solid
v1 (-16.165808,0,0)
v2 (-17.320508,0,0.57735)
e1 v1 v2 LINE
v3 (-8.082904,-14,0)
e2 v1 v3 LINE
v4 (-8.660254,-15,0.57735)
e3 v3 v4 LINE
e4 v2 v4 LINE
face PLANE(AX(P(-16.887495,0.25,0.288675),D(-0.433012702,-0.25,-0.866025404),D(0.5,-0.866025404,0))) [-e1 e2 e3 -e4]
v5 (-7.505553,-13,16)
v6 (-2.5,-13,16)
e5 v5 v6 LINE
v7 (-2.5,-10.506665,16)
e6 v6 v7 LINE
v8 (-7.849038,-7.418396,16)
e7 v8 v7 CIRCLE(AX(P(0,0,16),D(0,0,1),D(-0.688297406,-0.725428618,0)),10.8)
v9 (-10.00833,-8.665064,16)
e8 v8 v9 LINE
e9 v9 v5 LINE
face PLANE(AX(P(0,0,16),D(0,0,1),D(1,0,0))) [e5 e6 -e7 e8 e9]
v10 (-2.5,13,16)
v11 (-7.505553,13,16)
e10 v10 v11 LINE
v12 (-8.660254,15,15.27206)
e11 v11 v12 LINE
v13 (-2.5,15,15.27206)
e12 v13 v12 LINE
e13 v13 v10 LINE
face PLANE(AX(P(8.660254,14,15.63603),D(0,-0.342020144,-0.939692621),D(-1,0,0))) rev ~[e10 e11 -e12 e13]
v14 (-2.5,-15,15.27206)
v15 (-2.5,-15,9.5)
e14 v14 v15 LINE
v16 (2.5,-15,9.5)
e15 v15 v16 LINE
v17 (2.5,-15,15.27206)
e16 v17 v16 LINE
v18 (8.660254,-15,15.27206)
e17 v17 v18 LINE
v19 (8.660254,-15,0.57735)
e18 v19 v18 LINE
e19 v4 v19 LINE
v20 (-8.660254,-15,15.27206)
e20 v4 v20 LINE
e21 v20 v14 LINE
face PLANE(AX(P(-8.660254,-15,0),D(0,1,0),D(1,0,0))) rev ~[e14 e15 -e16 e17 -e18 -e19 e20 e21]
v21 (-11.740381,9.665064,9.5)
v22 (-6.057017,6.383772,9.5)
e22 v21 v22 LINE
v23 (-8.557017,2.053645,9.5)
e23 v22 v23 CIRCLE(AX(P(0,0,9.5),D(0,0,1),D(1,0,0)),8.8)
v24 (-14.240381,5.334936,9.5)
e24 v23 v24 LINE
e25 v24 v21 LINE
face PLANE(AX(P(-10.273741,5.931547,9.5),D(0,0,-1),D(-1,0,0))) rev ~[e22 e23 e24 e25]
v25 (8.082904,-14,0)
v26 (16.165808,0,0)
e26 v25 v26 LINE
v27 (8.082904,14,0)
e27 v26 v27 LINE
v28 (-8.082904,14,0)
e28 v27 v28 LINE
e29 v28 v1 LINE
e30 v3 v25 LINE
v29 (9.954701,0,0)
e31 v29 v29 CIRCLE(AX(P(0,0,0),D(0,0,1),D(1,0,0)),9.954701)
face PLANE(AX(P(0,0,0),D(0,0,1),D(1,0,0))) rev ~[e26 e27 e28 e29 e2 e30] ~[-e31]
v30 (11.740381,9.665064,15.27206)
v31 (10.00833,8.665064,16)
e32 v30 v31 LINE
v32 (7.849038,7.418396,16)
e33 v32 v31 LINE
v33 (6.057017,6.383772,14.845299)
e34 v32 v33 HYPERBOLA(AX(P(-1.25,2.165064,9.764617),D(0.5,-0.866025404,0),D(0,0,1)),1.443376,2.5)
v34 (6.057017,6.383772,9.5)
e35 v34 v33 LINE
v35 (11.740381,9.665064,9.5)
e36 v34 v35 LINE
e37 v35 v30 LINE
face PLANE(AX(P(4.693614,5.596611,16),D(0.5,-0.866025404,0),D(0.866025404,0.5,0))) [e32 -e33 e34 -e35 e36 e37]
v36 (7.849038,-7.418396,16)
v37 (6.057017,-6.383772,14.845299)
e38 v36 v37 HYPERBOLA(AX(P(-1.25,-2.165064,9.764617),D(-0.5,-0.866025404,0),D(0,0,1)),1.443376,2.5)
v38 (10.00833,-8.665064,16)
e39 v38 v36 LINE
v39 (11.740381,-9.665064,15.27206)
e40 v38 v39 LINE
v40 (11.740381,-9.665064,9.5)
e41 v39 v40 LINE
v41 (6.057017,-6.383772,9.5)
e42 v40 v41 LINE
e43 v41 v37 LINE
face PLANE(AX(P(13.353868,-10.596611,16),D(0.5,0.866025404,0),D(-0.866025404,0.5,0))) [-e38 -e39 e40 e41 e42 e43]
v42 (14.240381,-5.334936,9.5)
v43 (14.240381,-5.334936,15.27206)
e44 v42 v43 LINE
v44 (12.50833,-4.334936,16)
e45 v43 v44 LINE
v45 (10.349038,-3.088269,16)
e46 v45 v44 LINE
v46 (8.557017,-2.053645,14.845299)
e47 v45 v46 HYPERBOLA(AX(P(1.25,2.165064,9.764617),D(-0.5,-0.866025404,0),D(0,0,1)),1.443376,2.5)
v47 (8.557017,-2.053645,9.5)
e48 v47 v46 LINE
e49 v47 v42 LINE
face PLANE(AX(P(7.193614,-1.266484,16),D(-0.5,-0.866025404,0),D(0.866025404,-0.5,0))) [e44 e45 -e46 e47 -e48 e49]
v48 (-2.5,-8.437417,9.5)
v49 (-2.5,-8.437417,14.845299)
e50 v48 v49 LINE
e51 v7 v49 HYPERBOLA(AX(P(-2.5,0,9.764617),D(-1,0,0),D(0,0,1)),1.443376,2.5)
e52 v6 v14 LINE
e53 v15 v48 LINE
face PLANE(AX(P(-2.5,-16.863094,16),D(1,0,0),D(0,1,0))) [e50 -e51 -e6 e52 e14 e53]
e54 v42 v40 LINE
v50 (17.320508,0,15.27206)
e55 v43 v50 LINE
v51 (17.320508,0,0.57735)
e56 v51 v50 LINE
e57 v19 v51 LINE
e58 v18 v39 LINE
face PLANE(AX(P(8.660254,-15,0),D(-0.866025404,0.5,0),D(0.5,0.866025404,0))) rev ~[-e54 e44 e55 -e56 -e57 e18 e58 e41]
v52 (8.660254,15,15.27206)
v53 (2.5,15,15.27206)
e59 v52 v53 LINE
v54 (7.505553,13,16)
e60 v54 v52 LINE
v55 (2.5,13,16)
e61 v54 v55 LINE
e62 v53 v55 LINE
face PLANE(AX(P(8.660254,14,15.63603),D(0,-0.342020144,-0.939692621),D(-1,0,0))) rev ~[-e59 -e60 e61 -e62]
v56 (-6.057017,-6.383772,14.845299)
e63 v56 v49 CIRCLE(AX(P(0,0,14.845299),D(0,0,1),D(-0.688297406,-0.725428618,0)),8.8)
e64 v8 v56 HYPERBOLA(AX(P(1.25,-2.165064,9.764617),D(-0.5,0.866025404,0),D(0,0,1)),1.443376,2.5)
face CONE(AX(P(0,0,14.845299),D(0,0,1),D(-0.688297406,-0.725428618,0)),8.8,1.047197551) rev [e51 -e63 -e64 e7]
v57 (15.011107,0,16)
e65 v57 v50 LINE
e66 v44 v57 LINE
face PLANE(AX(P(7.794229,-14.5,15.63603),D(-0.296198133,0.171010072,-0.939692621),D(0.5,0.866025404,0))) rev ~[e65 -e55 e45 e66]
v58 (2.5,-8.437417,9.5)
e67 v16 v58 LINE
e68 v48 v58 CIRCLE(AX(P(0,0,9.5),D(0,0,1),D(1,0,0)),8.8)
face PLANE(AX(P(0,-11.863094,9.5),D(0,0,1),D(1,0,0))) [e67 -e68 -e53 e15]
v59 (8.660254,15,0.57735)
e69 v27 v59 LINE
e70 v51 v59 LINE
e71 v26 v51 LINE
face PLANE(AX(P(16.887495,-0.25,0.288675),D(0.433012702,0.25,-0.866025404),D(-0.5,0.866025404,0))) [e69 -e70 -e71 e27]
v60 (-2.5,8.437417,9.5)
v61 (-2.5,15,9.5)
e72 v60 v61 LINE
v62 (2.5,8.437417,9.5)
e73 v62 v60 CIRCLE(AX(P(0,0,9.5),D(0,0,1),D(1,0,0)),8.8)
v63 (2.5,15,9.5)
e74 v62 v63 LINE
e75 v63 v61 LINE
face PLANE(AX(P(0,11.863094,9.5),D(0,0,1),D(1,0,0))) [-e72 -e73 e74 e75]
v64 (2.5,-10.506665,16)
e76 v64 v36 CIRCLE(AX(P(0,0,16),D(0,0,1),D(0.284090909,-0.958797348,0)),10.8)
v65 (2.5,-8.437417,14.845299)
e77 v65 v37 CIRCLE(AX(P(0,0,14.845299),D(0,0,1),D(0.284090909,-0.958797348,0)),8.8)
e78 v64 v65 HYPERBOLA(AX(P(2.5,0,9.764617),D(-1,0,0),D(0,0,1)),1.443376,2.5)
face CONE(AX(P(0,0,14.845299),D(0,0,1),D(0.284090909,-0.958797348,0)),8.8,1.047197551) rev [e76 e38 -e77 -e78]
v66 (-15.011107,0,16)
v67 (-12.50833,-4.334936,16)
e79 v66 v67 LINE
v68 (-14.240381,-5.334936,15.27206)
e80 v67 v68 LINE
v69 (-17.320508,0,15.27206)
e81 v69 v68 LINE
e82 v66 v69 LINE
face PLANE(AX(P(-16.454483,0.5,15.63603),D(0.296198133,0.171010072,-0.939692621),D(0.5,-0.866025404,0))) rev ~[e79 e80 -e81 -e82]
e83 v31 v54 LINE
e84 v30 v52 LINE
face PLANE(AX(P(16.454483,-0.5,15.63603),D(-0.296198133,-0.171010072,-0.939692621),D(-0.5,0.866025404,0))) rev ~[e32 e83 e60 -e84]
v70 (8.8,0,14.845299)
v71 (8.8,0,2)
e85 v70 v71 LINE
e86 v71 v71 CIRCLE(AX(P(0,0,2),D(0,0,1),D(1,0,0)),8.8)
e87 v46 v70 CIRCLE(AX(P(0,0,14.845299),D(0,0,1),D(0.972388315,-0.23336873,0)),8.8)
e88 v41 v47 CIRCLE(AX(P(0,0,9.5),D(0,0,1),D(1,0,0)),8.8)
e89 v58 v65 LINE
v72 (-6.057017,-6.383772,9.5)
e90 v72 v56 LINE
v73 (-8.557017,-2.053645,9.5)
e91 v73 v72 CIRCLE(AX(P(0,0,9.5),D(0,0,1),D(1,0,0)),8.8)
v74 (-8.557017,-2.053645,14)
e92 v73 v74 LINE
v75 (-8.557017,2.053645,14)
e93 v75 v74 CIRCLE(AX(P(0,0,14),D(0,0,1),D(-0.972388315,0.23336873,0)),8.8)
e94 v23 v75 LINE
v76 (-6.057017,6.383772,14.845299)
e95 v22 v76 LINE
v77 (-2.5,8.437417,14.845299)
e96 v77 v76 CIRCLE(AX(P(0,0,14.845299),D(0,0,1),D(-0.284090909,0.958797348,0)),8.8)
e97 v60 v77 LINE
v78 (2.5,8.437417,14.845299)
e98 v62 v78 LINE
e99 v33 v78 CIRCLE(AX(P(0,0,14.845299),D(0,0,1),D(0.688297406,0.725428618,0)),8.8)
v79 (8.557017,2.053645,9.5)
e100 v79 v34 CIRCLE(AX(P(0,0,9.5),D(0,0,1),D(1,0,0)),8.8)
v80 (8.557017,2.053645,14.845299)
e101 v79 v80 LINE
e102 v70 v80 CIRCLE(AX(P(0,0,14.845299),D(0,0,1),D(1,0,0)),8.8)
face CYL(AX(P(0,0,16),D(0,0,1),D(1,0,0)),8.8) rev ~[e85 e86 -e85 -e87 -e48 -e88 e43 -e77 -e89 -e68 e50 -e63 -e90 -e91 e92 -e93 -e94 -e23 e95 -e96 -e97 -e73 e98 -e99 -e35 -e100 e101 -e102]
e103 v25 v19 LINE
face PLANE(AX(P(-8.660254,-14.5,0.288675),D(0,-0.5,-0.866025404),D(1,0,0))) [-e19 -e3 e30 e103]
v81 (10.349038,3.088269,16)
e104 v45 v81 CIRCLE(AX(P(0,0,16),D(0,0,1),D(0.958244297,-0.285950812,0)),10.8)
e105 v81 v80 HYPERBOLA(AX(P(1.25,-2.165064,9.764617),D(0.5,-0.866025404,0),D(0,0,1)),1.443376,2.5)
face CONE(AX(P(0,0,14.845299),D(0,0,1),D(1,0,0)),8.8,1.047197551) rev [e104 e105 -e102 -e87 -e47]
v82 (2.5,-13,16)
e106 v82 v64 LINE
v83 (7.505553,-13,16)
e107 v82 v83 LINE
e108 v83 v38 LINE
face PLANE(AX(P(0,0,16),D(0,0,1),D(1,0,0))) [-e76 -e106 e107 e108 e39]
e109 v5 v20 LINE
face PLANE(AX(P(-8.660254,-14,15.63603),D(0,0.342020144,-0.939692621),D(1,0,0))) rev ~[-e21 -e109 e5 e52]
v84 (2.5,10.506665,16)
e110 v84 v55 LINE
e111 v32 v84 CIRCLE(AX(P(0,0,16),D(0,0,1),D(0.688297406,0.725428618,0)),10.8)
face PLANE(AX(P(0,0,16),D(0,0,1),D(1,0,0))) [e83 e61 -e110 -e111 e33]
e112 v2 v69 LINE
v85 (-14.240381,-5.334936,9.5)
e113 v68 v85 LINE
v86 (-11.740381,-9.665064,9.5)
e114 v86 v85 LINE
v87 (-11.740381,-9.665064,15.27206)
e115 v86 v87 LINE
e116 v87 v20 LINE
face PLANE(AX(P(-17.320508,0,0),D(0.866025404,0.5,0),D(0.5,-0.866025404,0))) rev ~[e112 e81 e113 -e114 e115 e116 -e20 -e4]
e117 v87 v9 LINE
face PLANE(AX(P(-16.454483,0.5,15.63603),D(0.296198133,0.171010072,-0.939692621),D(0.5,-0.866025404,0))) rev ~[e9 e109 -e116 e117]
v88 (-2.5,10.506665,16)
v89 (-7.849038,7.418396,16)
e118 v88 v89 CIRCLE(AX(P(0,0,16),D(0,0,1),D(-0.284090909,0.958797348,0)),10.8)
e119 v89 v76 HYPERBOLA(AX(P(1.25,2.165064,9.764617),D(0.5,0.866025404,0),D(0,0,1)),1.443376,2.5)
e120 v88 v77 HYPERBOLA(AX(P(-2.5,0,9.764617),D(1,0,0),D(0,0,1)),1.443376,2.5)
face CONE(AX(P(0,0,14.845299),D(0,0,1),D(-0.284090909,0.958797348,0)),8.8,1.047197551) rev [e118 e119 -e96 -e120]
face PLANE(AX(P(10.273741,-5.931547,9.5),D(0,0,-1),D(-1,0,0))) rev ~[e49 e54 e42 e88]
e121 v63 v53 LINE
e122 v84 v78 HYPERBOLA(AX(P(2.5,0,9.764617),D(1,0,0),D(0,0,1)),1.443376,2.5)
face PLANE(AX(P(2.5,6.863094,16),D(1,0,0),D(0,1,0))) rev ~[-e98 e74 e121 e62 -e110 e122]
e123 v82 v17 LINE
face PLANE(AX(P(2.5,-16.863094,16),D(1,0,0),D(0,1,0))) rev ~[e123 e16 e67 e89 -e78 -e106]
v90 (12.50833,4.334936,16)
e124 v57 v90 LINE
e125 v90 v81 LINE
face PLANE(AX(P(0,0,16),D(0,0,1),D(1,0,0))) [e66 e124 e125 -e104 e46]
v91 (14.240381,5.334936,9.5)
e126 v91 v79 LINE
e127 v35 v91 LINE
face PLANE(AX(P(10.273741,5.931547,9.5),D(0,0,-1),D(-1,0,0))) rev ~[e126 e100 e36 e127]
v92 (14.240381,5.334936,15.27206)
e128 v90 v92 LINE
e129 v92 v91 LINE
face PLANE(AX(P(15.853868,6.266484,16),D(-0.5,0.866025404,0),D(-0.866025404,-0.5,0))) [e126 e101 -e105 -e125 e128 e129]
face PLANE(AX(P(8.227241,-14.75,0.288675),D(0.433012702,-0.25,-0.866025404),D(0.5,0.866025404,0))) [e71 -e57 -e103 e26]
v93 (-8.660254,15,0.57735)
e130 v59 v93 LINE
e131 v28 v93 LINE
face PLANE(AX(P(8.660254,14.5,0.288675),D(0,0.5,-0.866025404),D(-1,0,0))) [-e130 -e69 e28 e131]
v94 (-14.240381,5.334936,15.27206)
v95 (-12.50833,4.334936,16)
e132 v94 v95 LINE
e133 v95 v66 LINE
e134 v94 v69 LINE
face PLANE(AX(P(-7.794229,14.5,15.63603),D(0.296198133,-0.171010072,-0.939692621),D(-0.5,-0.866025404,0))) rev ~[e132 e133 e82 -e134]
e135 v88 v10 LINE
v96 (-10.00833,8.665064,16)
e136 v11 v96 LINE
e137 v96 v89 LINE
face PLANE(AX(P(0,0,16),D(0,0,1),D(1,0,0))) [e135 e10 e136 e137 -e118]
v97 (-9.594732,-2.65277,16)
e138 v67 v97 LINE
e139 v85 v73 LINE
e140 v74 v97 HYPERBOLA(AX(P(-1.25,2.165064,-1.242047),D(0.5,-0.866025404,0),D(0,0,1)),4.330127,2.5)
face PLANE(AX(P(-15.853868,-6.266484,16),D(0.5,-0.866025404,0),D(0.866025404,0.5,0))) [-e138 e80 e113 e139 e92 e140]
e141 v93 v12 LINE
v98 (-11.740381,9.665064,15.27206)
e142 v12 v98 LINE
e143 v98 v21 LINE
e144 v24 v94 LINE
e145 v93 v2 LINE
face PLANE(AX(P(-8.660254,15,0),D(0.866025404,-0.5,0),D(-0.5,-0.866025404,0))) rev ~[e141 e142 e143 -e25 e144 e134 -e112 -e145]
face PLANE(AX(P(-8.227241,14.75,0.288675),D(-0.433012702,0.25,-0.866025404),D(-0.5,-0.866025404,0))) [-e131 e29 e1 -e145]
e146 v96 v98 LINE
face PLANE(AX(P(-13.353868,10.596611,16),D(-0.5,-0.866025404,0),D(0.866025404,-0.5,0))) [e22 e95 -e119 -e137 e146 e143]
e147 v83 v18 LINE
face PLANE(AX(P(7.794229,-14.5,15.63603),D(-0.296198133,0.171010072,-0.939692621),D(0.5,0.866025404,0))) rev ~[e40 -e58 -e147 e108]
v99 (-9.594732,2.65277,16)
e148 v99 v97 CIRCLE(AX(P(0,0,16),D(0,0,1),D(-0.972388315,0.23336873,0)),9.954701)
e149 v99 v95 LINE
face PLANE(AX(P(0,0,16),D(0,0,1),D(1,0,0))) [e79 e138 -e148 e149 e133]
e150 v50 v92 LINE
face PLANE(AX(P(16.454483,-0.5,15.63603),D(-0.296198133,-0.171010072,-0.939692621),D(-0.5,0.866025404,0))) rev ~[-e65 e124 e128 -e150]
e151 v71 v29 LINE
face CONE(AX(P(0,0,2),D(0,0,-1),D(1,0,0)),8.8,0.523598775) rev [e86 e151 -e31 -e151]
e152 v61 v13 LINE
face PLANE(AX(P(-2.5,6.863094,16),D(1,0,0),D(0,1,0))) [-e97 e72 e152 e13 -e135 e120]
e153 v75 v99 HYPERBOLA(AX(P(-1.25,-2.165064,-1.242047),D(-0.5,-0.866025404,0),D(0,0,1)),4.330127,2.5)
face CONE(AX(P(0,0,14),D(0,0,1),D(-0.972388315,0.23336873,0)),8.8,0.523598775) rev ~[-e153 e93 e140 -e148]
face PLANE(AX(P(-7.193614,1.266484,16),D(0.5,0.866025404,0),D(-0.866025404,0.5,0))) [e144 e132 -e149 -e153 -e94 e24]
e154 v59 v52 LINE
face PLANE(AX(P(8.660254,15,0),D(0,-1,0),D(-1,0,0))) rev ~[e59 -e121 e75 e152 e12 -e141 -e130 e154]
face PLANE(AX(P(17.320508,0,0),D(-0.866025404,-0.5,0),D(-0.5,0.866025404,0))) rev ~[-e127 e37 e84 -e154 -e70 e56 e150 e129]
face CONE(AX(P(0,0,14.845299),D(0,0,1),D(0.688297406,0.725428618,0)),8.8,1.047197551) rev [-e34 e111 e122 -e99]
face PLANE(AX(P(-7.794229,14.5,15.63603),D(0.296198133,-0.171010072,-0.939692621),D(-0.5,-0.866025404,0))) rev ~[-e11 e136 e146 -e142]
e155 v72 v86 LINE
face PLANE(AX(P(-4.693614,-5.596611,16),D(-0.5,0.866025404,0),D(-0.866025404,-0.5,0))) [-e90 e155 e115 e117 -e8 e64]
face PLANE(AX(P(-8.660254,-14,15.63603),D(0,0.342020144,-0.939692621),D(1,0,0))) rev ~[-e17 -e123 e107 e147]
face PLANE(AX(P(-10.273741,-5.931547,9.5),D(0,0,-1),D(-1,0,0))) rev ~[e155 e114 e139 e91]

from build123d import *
from OCP.BRepFilletAPI import BRepFilletAPI_MakeChamfer

# Parameters (mm, degrees)
RESSALTO_EXTRUS_O1_DEPTH = 16
CHANFRO1_SIZE            = 2
CHANFRO1_SIZE2           = 0.727940469
ESBO_O2_R                = 8.8
CORTE_EXTRUS_O1_DEPTH    = 16
ESBO_O3_W                = 5
ESBO_O3_H                = 10
CORTE_EXTRUS_O2_DEPTH    = 6.5
CHANFRO2_SIZE            = 2
CHANFRO2_SIZE2           = 1.154700538
CHANFRO3_SIZE            = 2
CHANFRO3_SIZE2           = 1.154700538
CHANFRO5_SIZE            = 1
CHANFRO5_SIZE2           = 0.577350269


with BuildPart() as part:
    # Esboço1 → Ressalto-extrusão1 (new body)
    with BuildSketch(Plane.XY):
        Polygon((17.320508076, 0), (8.660254038, 15), (-8.660254038, 15), (-17.320508076, 0), (-8.660254038, -15), (8.660254038, -15), align=None)
    extrude(amount=RESSALTO_EXTRUS_O1_DEPTH)

    # Chanfro1
    chanfro1_edges = [part.edges().sort_by_distance(p)[0] for p in [
        (0, 15, 16),
        (-12.990381057, 7.5, 16),
        (-12.990381057, -7.5, 16),
        (0, -15, 16),
        (12.990381057, -7.5, 16),
        (12.990381057, 7.5, 16),
    ]]
    chanfro1_side = [part.faces().sort_by_distance(p)[0] for p in [
        (0, 0, 16),
    ]]
    chamfer(chanfro1_edges, length=CHANFRO1_SIZE, length2=CHANFRO1_SIZE2, reference=chanfro1_side[0])

    # Esboço2 → Corte-extrusão1 (cut)
    with BuildSketch(Plane.XY.offset(16)):
        Circle(ESBO_O2_R)
    extrude(amount=-CORTE_EXTRUS_O1_DEPTH, mode=Mode.SUBTRACT)

    # Esboço3 → Corte-extrusão2 (cut)
    with BuildSketch(Plane.XY.offset(16)):
        Polygon((13.353868008, 10.596610635), (15.853868008, 6.266483616), (7.19361397, 1.266483616), (4.69361397, 5.596610635), align=None)
        with Locations((0, 11.863094251)):
            Rectangle(ESBO_O3_W, ESBO_O3_H)
        Polygon((15.853868008, -6.266483616), (13.353868008, -10.596610635), (4.69361397, -5.596610635), (7.19361397, -1.266483616), align=None)
        with Locations((0, -11.863094251)):
            Rectangle(ESBO_O3_W, ESBO_O3_H)
        Polygon((-13.353868008, -10.596610635), (-15.853868008, -6.266483616), (-7.19361397, -1.266483616), (-4.69361397, -5.596610635), align=None)
        Polygon((-15.853868008, 6.266483616), (-13.353868008, 10.596610635), (-4.69361397, 5.596610635), (-7.19361397, 1.266483616), align=None)
    extrude(amount=-CORTE_EXTRUS_O2_DEPTH, mode=Mode.SUBTRACT)

    # Chanfro2: one chamfer whose edges measure the first distance from different faces: ONE call of the kernel's chamfer builder (chamfer() names one face for all edges)
    chanfro2_edges_1 = [part.edges().sort_by_distance(p)[0] for p in [
        (4.4, -7.621023553, 16),
    ]]
    chanfro2_side_1 = [part.faces().sort_by_distance(p)[0] for p in [
        (5.798091402, -10.042588894, 16),
    ]]
    chanfro2_edges_2 = [part.edges().sort_by_distance(p)[0] for p in [
        (-4.4, -7.621023553, 16),
    ]]
    chanfro2_side_2 = [part.faces().sort_by_distance(p)[0] for p in [
        (-5.798091402, -10.042588894, 16),
    ]]
    chanfro2_edges_3 = [part.edges().sort_by_distance(p)[0] for p in [
        (-8.8, 0, 16),
    ]]
    chanfro2_side_3 = [part.faces().sort_by_distance(p)[0] for p in [
        (-8.8, 0, 8),
    ]]
    chanfro2_edges_4 = [part.edges().sort_by_distance(p)[0] for p in [
        (-4.4, 7.621023553, 16),
    ]]
    chanfro2_side_4 = [part.faces().sort_by_distance(p)[0] for p in [
        (-5.798091402, 10.042588894, 16),
    ]]
    chanfro2_edges_5 = [part.edges().sort_by_distance(p)[0] for p in [
        (4.4, 7.621023553, 16),
    ]]
    chanfro2_side_5 = [part.faces().sort_by_distance(p)[0] for p in [
        (5.798091402, 10.042588894, 16),
    ]]
    chanfro2_edges_6 = [part.edges().sort_by_distance(p)[0] for p in [
        (8.739043173, 1.033984733, 16),
    ]]
    chanfro2_side_6 = [part.faces().sort_by_distance(p)[0] for p in [
        (11.596182803, 0, 16),
    ]]
    chanfro2 = BRepFilletAPI_MakeChamfer(part.part.solid().wrapped)
    for e in chanfro2_edges_1:
        chanfro2.Add(CHANFRO2_SIZE, CHANFRO2_SIZE2, e.wrapped, chanfro2_side_1[0].wrapped)  # the first distance lies on this face
    for e in chanfro2_edges_2:
        chanfro2.Add(CHANFRO2_SIZE, CHANFRO2_SIZE2, e.wrapped, chanfro2_side_2[0].wrapped)  # the first distance lies on this face
    for e in chanfro2_edges_3:
        chanfro2.Add(CHANFRO2_SIZE, CHANFRO2_SIZE2, e.wrapped, chanfro2_side_3[0].wrapped)  # the first distance lies on this face
    for e in chanfro2_edges_4:
        chanfro2.Add(CHANFRO2_SIZE, CHANFRO2_SIZE2, e.wrapped, chanfro2_side_4[0].wrapped)  # the first distance lies on this face
    for e in chanfro2_edges_5:
        chanfro2.Add(CHANFRO2_SIZE, CHANFRO2_SIZE2, e.wrapped, chanfro2_side_5[0].wrapped)  # the first distance lies on this face
    for e in chanfro2_edges_6:
        chanfro2.Add(CHANFRO2_SIZE, CHANFRO2_SIZE2, e.wrapped, chanfro2_side_6[0].wrapped)  # the first distance lies on this face
    add(Compound.cast(chanfro2.Shape()), mode=Mode.REPLACE)

    # Chanfro3
    chanfro3_edges = [part.edges().sort_by_distance(p)[0] for p in [
        (-8.8, 0, 0),
    ]]
    chanfro3_side = [part.faces().sort_by_distance(p)[0] for p in [
        (-8.8, 0, 7.422649731),
    ]]
    chamfer(chanfro3_edges, length=CHANFRO3_SIZE, length2=CHANFRO3_SIZE2, reference=chanfro3_side[0])

    # Chanfro5
    chanfro5_edges = [part.edges().sort_by_distance(p)[0] for p in [
        (0, -15, 0),
        (-12.990381057, -7.5, 0),
        (-12.990381057, 7.5, 0),
        (0, 15, 0),
        (12.990381057, 7.5, 0),
        (12.990381057, -7.5, 0),
    ]]
    chanfro5_side = [part.faces().sort_by_distance(p)[0] for p in [
        (-10.412958108, 0, 0),
    ]]
    chamfer(chanfro5_edges, length=CHANFRO5_SIZE, length2=CHANFRO5_SIZE2, reference=chanfro5_side[0])


solid = part.part
